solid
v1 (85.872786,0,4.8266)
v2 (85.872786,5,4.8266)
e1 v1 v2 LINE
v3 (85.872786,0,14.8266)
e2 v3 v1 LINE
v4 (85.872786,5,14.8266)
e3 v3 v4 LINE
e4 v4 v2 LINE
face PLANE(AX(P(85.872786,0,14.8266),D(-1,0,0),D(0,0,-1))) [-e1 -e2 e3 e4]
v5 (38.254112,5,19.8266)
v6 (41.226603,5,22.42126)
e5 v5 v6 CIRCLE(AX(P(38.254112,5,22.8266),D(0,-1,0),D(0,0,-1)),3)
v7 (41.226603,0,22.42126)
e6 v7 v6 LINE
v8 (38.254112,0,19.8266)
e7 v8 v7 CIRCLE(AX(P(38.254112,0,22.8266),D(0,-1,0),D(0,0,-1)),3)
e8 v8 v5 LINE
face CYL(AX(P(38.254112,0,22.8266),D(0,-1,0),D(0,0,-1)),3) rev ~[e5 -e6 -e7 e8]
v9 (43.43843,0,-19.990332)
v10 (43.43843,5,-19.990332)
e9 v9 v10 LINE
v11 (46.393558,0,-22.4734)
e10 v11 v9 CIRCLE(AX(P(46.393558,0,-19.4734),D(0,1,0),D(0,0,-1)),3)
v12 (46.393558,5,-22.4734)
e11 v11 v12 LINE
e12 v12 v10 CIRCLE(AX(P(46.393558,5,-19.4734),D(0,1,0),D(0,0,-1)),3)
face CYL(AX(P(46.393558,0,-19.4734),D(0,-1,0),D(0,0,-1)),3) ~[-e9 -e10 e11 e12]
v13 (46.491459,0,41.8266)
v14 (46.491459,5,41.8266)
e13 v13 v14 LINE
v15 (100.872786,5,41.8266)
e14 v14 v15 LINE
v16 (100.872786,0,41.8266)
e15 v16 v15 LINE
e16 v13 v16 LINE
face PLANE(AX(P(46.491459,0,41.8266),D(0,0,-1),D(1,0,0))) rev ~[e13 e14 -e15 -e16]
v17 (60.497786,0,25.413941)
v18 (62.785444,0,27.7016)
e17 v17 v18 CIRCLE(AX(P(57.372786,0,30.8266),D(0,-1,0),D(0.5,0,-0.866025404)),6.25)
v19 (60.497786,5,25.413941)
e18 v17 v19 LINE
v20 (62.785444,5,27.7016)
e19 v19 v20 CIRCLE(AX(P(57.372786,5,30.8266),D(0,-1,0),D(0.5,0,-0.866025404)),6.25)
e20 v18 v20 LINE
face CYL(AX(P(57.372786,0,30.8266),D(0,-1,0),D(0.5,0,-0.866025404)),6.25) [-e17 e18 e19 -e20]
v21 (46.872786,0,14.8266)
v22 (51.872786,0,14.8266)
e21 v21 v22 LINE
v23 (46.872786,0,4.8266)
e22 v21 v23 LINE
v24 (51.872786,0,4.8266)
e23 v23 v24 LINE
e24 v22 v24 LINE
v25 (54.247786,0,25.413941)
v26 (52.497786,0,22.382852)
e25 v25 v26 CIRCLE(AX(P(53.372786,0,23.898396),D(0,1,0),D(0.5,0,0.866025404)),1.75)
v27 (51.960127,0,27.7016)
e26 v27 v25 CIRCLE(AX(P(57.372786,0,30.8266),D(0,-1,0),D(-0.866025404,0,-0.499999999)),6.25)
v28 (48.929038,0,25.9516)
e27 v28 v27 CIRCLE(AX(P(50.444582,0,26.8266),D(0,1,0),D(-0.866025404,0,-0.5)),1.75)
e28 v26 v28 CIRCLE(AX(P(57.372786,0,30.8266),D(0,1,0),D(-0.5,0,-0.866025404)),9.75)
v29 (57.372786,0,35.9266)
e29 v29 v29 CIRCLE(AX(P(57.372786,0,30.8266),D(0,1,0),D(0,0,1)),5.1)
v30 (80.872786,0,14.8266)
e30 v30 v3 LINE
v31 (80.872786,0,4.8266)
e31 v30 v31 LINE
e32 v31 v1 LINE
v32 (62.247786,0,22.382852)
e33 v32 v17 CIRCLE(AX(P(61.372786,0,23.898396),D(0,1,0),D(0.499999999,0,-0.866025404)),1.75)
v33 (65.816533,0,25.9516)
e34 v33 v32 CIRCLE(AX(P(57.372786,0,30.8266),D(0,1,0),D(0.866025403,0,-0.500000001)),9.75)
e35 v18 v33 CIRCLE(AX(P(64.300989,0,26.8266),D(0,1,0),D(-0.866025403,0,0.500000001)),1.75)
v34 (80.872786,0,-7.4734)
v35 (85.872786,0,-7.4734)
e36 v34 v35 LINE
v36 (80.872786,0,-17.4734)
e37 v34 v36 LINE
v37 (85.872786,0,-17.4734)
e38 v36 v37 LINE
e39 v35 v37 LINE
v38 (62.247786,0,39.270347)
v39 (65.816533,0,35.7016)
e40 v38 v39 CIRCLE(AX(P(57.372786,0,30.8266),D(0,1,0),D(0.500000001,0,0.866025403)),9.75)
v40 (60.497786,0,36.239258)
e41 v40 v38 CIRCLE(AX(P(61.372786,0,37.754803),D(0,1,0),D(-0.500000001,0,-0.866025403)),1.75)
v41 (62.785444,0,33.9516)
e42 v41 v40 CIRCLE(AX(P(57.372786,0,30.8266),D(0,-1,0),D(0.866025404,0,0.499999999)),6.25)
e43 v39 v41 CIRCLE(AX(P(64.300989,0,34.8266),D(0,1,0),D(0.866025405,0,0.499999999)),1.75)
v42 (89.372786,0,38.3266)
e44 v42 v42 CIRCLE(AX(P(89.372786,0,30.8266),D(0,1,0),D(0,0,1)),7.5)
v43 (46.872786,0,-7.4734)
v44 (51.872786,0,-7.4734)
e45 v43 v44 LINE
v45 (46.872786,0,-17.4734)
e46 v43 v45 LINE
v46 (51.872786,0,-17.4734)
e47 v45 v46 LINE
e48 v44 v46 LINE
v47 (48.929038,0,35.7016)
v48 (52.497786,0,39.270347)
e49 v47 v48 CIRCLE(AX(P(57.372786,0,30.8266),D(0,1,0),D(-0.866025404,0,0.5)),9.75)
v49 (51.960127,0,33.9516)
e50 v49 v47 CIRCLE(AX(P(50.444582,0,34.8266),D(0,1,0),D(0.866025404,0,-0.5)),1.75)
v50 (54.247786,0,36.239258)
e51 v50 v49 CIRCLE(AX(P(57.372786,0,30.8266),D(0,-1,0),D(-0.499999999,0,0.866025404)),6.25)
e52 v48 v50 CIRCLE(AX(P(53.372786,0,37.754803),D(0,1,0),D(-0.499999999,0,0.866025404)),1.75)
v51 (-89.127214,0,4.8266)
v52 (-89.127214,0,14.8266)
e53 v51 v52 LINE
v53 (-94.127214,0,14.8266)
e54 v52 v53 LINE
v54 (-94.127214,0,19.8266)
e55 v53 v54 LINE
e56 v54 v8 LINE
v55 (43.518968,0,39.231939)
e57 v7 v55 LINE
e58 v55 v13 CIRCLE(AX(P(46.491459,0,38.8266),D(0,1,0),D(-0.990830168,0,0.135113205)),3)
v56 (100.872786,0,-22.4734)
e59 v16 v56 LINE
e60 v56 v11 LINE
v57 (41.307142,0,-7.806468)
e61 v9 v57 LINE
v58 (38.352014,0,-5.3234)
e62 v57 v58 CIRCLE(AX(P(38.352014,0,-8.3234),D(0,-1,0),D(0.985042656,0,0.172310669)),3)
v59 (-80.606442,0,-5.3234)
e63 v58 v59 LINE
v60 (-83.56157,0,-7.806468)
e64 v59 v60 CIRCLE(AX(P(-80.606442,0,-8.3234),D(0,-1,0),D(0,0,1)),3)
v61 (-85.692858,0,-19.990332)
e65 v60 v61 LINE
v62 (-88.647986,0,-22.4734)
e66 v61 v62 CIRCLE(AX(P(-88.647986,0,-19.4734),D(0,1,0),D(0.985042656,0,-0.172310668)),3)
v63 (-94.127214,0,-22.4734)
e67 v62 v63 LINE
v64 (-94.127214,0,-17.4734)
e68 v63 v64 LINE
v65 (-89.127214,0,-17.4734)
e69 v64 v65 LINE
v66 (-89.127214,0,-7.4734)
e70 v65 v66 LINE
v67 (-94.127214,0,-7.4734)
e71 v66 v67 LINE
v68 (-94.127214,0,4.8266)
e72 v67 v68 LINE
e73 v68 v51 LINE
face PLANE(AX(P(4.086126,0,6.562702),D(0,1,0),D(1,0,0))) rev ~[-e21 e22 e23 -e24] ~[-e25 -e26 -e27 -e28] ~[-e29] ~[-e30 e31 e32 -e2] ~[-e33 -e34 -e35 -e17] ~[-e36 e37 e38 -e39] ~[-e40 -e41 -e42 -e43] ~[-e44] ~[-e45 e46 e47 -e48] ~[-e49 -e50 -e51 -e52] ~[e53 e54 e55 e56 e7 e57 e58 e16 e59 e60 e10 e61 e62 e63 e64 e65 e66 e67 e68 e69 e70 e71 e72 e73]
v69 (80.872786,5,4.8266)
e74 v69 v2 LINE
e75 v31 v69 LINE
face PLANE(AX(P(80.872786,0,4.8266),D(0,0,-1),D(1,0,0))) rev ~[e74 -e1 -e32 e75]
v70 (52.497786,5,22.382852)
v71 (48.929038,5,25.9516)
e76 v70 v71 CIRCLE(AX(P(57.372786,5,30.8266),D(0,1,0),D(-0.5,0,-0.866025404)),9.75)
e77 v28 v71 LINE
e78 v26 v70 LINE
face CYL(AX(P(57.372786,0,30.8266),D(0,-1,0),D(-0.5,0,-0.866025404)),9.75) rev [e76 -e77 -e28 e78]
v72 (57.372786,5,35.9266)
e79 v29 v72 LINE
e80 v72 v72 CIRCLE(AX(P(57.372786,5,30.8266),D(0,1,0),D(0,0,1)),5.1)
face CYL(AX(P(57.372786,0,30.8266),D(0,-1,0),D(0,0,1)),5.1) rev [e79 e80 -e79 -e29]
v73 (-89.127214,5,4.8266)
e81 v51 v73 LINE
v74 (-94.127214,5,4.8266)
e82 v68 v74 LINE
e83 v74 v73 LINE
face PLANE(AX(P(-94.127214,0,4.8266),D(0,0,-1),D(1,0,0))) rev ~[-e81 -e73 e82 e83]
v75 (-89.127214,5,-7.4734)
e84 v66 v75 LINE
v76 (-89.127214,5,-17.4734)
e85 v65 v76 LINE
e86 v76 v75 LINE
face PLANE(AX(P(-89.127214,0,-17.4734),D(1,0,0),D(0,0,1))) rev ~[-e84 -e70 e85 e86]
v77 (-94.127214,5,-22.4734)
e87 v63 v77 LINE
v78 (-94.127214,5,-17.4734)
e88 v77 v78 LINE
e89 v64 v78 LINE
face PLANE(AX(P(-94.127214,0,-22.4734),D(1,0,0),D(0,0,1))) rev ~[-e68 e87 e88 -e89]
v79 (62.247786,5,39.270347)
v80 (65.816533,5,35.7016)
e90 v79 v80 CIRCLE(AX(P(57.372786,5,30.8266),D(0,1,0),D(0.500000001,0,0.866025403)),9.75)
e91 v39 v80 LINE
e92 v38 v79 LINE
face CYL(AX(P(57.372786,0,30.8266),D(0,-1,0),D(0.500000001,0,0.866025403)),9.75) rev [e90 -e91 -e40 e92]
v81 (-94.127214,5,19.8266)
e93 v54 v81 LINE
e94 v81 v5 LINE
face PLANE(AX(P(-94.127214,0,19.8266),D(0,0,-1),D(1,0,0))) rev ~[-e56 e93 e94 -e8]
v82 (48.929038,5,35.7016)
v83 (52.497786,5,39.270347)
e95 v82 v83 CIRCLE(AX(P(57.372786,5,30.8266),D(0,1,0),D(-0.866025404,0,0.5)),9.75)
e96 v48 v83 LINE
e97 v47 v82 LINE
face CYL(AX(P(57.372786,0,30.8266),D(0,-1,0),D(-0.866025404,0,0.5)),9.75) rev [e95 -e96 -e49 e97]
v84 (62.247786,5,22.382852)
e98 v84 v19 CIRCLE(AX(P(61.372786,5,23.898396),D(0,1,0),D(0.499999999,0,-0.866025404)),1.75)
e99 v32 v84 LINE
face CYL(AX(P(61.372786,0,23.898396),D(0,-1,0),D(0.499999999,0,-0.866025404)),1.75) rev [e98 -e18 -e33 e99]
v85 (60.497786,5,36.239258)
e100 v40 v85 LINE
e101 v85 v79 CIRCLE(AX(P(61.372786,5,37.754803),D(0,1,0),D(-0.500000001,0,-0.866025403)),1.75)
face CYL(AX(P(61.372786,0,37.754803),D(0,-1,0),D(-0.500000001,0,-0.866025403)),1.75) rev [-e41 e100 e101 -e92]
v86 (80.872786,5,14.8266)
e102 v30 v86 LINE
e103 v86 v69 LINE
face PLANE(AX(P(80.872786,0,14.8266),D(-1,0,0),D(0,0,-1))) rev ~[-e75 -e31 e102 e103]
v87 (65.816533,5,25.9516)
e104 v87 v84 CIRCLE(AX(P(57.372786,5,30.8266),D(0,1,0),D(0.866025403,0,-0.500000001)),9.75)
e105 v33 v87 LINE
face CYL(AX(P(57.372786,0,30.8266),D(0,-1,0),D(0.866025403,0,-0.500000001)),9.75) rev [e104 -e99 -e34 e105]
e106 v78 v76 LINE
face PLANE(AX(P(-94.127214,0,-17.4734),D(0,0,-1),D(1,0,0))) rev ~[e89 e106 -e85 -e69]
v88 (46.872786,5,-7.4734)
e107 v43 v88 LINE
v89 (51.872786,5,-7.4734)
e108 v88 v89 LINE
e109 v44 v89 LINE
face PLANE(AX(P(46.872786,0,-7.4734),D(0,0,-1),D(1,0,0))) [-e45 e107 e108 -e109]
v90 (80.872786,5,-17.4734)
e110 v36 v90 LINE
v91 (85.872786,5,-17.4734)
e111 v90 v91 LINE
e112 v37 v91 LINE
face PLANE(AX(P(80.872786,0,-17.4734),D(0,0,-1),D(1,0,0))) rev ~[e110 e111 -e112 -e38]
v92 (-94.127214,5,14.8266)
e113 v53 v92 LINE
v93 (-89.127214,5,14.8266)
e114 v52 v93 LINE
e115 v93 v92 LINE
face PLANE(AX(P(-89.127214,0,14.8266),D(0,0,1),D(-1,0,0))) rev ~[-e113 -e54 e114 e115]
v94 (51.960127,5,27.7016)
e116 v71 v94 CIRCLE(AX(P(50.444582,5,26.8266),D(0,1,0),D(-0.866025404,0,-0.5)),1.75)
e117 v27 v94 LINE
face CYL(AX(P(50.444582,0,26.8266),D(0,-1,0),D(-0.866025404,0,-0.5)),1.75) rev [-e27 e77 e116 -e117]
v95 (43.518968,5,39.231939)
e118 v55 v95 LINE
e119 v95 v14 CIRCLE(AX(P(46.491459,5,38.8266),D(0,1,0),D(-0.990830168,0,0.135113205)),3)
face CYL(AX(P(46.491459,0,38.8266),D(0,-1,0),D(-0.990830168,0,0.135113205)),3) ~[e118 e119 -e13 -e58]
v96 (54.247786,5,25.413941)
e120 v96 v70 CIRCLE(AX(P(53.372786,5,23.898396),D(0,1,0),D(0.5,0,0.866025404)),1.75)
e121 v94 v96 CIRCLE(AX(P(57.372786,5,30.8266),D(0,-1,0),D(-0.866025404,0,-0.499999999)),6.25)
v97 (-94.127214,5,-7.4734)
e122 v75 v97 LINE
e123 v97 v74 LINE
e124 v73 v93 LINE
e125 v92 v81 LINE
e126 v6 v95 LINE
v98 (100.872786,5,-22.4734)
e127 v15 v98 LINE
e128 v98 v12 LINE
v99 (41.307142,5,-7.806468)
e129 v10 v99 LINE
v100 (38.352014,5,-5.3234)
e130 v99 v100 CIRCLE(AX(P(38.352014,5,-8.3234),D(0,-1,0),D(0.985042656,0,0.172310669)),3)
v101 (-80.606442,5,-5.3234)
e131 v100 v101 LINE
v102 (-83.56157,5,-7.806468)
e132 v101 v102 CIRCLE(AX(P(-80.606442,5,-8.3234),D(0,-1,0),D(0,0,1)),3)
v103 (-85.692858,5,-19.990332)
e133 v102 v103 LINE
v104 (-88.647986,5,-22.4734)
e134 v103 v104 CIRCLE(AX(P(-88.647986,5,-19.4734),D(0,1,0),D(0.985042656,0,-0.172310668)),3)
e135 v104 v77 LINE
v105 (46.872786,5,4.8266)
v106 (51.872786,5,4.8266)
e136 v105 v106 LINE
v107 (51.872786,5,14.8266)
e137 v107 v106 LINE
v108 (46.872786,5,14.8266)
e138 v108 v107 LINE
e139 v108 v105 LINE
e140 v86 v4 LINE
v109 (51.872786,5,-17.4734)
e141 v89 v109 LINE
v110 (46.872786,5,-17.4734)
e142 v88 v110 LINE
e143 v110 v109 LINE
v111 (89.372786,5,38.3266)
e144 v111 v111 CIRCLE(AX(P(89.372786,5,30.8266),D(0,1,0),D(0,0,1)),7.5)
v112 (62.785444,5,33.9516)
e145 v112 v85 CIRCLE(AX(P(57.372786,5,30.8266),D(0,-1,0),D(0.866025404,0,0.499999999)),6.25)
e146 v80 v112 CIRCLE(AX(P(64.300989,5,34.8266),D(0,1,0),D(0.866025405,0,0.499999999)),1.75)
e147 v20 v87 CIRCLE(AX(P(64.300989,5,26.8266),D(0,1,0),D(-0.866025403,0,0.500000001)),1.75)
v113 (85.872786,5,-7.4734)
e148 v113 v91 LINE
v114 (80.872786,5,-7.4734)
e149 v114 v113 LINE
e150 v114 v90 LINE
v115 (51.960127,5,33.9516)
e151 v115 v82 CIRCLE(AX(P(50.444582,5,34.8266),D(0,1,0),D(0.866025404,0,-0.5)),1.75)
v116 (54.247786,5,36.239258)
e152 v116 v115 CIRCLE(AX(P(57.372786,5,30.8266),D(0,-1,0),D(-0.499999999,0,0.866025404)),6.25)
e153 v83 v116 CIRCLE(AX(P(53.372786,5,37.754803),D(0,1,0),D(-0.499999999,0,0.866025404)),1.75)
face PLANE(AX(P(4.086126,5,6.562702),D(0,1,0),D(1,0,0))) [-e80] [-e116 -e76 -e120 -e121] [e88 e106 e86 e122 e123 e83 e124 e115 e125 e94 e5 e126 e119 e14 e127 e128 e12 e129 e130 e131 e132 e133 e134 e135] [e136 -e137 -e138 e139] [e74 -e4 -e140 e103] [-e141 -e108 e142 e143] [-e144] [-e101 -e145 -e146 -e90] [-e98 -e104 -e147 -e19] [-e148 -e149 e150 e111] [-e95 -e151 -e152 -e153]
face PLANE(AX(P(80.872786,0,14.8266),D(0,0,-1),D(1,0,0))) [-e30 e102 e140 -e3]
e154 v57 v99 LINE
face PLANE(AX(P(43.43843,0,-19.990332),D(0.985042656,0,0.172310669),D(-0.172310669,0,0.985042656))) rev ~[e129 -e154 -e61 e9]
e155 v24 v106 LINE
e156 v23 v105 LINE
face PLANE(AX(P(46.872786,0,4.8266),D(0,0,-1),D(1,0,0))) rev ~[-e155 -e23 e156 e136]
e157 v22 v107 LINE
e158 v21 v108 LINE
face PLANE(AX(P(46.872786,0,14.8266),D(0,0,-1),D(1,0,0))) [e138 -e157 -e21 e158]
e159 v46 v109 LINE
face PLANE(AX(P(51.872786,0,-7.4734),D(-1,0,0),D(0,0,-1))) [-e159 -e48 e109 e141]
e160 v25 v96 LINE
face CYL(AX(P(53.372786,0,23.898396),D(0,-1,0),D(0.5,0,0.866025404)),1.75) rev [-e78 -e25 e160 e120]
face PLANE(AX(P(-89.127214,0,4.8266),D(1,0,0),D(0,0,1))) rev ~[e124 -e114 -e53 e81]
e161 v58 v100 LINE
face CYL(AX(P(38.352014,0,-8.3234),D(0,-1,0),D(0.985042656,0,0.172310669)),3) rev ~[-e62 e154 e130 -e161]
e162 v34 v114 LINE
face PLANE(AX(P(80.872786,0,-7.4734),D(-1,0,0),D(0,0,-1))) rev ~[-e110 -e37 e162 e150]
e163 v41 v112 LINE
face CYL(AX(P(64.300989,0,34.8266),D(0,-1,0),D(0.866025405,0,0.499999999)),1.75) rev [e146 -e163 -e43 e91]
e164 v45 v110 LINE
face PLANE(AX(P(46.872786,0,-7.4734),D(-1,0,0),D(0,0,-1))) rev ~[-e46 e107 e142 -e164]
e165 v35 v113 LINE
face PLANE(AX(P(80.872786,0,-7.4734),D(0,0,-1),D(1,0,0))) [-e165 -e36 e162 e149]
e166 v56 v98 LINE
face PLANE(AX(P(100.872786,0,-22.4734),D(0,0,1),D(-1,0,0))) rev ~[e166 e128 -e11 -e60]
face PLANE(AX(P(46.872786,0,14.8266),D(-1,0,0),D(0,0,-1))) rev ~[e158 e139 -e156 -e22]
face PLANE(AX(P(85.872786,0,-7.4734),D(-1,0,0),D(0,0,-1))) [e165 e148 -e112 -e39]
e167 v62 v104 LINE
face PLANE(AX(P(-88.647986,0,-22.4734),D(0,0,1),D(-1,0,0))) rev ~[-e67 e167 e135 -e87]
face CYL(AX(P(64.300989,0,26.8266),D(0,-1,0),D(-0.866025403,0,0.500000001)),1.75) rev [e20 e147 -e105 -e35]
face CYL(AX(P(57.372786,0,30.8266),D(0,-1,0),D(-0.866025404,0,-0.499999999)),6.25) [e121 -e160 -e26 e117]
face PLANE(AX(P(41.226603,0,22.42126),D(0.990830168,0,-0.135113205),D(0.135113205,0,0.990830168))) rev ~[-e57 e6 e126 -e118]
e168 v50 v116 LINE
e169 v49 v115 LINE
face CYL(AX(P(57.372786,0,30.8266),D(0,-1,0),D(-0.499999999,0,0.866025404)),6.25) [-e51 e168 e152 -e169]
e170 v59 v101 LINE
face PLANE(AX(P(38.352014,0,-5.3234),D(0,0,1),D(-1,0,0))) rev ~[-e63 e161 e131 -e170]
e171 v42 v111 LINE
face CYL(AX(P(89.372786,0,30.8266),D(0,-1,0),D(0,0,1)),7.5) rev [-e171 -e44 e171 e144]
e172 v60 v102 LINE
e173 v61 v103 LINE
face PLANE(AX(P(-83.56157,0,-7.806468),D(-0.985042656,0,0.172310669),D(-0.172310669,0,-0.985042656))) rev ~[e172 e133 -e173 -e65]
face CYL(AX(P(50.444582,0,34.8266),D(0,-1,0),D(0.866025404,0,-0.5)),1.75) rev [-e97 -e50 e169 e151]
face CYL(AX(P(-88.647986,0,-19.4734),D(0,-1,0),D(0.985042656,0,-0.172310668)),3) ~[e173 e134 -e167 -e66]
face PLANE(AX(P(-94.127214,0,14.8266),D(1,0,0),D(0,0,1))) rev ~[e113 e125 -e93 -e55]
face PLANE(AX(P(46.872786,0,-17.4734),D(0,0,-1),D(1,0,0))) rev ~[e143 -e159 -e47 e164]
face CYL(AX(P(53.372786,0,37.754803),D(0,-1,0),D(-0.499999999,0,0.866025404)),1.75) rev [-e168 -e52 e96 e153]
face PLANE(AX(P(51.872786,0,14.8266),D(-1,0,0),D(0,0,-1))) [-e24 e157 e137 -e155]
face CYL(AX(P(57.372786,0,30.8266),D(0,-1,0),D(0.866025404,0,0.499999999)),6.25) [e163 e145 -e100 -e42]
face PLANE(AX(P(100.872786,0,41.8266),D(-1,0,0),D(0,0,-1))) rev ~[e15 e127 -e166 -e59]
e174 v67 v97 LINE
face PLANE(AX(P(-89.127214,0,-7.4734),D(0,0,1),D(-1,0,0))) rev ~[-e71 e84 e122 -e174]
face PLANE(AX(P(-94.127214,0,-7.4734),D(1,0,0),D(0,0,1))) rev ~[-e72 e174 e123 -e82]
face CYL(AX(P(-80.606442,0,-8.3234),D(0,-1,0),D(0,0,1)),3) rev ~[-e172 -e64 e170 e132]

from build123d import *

# Parameters (mm, degrees)
SKETCH_1_R      = 5.1
SKETCH_1_R_2    = 7.5
SKETCH_1_W      = 5
SKETCH_1_H      = 10
EXTRUDE_1_DEPTH = 5


with BuildPart() as part:
    # 草图1 → 凸台-拉伸1 (new body)
    with BuildSketch(Plane(origin=(0, 0, 0), x_dir=(1, 0, 0), z_dir=(0, 1, 0))):
        with BuildLine():
            Line((41.226602941, -22.421259901), (43.51896829, -39.231939129))
            ThreePointArc((43.51896829, -39.231939129), (44.518645935, -41.086690093), (46.491458794, -41.826599515))
            Line((46.491458794, -41.826599515), (46.872785616, -41.826599515))
            Line((46.872785616, -41.826599515), (100.872785616, -41.826599515))
            Line((100.872785616, -41.826599515), (100.872785616, -21.15))
            Line((100.872785616, -21.15), (100.872785616, 22.473400485))
            Line((100.872785616, 22.473400485), (46.393557665, 22.473400485))
            ThreePointArc((46.393557665, 22.473400485), (44.463634871, 21.770223946), (43.438429698, 19.990332491))
            Line((43.438429698, 19.990332491), (41.307141533, 7.806468479))
            ThreePointArc((41.307141533, 7.806468479), (40.28193636, 6.026577025), (38.352013566, 5.323400485))
            Line((38.352013566, 5.323400485), (-80.606442335, 5.323400485))
            ThreePointArc((-80.606442335, 5.323400485), (-82.536365129, 6.026577025), (-83.561570302, 7.806468479))
            Line((-83.561570302, 7.806468479), (-85.692858467, 19.990332491))
            ThreePointArc((-85.692858467, 19.990332491), (-86.71806364, 21.770223946), (-88.647986434, 22.473400485))
            Line((-88.647986434, 22.473400485), (-94.127214384, 22.473400485))
            Line((-94.127214384, 22.473400485), (-94.127214384, 17.473400485))
            Line((-94.127214384, 17.473400485), (-89.127214384, 17.473400485))
            Line((-89.127214384, 17.473400485), (-89.127214384, 7.473400485))
            Line((-89.127214384, 7.473400485), (-94.127214384, 7.473400485))
            Line((-94.127214384, 7.473400485), (-94.127214384, -4.826599515))
            Line((-94.127214384, -4.826599515), (-89.127214384, -4.826599515))
            Line((-89.127214384, -4.826599515), (-89.127214384, -14.826599515))
            Line((-89.127214384, -14.826599515), (-94.127214384, -14.826599515))
            Line((-94.127214384, -14.826599515), (-94.127214384, -19.826599515))
            Line((-94.127214384, -19.826599515), (38.254112437, -19.826599515))
            ThreePointArc((38.254112437, -19.826599515), (40.226925296, -20.566508937), (41.226602941, -22.421259901))
        make_face()
        with Locations(Location((57.372785616, -30.826599515, 0), (0, 0, 270))):
            Circle(SKETCH_1_R, mode=Mode.SUBTRACT)
        with Locations(Location((89.372785616, -30.826599515, 0), (0, 0, 270))):
            Circle(SKETCH_1_R_2, mode=Mode.SUBTRACT)
        with Locations((49.372785616, 12.473400485)):
            Rectangle(SKETCH_1_W, SKETCH_1_H, mode=Mode.SUBTRACT)
        with Locations((49.372785616, -9.826599515)):
            Rectangle(SKETCH_1_W, SKETCH_1_H, mode=Mode.SUBTRACT)
        with Locations((83.372785616, -9.826599515)):
            Rectangle(SKETCH_1_W, SKETCH_1_H, mode=Mode.SUBTRACT)
        with Locations((83.372785616, 12.473400485)):
            Rectangle(SKETCH_1_W, SKETCH_1_H, mode=Mode.SUBTRACT)
        with BuildLine():
            ThreePointArc((52.497785616, -22.382851828), (50.478494499, -23.932308398), (48.929037929, -25.951599515))
            ThreePointArc((48.929037929, -25.951599515), (49.569582385, -28.342143972), (51.960126842, -27.701599515))
            ThreePointArc((51.960126842, -27.701599515), (52.953368233, -26.407182132), (54.247785616, -25.413940741))
            ThreePointArc((54.247785616, -25.413940741), (54.888330072, -23.023396285), (52.497785616, -22.382851828))
        make_face(mode=Mode.SUBTRACT)
        with BuildLine():
            ThreePointArc((65.816533303, -25.951599503), (64.267076731, -23.932308389), (62.247785614, -22.38285182))
            ThreePointArc((62.247785614, -22.38285182), (59.857241158, -23.023396278), (60.497785616, -25.413940734))
            ThreePointArc((60.497785616, -25.413940734), (61.792202999, -26.407182125), (62.785444391, -27.701599506))
            ThreePointArc((62.785444391, -27.701599506), (65.175988849, -28.34214396), (65.816533303, -25.951599503))
        make_face(mode=Mode.SUBTRACT)
        with BuildLine():
            ThreePointArc((62.247785626, -39.270347195), (64.267076742, -37.720890621), (65.81653331, -35.701599501))
            ThreePointArc((65.81653331, -35.701599501), (65.175988849, -33.311055045), (62.785444394, -33.951599506))
            ThreePointArc((62.785444394, -33.951599506), (61.792203004, -35.24601689), (60.497785622, -36.239258284))
            ThreePointArc((60.497785622, -36.239258284), (59.857241169, -38.629802741), (62.247785626, -39.270347195))
        make_face(mode=Mode.SUBTRACT)
        with BuildLine():
            ThreePointArc((48.929037937, -35.701599515), (50.478494509, -37.720890632), (52.497785627, -39.270347201))
            ThreePointArc((52.497785627, -39.270347201), (54.888330083, -38.629802742), (54.247785624, -36.239258286))
            ThreePointArc((54.247785624, -36.239258286), (52.953368241, -35.246016896), (51.960126849, -33.951599514))
            ThreePointArc((51.960126849, -33.951599514), (49.569582392, -33.311055058), (48.929037937, -35.701599515))
        make_face(mode=Mode.SUBTRACT)
    extrude(amount=EXTRUDE_1_DEPTH)


solid = part.part
